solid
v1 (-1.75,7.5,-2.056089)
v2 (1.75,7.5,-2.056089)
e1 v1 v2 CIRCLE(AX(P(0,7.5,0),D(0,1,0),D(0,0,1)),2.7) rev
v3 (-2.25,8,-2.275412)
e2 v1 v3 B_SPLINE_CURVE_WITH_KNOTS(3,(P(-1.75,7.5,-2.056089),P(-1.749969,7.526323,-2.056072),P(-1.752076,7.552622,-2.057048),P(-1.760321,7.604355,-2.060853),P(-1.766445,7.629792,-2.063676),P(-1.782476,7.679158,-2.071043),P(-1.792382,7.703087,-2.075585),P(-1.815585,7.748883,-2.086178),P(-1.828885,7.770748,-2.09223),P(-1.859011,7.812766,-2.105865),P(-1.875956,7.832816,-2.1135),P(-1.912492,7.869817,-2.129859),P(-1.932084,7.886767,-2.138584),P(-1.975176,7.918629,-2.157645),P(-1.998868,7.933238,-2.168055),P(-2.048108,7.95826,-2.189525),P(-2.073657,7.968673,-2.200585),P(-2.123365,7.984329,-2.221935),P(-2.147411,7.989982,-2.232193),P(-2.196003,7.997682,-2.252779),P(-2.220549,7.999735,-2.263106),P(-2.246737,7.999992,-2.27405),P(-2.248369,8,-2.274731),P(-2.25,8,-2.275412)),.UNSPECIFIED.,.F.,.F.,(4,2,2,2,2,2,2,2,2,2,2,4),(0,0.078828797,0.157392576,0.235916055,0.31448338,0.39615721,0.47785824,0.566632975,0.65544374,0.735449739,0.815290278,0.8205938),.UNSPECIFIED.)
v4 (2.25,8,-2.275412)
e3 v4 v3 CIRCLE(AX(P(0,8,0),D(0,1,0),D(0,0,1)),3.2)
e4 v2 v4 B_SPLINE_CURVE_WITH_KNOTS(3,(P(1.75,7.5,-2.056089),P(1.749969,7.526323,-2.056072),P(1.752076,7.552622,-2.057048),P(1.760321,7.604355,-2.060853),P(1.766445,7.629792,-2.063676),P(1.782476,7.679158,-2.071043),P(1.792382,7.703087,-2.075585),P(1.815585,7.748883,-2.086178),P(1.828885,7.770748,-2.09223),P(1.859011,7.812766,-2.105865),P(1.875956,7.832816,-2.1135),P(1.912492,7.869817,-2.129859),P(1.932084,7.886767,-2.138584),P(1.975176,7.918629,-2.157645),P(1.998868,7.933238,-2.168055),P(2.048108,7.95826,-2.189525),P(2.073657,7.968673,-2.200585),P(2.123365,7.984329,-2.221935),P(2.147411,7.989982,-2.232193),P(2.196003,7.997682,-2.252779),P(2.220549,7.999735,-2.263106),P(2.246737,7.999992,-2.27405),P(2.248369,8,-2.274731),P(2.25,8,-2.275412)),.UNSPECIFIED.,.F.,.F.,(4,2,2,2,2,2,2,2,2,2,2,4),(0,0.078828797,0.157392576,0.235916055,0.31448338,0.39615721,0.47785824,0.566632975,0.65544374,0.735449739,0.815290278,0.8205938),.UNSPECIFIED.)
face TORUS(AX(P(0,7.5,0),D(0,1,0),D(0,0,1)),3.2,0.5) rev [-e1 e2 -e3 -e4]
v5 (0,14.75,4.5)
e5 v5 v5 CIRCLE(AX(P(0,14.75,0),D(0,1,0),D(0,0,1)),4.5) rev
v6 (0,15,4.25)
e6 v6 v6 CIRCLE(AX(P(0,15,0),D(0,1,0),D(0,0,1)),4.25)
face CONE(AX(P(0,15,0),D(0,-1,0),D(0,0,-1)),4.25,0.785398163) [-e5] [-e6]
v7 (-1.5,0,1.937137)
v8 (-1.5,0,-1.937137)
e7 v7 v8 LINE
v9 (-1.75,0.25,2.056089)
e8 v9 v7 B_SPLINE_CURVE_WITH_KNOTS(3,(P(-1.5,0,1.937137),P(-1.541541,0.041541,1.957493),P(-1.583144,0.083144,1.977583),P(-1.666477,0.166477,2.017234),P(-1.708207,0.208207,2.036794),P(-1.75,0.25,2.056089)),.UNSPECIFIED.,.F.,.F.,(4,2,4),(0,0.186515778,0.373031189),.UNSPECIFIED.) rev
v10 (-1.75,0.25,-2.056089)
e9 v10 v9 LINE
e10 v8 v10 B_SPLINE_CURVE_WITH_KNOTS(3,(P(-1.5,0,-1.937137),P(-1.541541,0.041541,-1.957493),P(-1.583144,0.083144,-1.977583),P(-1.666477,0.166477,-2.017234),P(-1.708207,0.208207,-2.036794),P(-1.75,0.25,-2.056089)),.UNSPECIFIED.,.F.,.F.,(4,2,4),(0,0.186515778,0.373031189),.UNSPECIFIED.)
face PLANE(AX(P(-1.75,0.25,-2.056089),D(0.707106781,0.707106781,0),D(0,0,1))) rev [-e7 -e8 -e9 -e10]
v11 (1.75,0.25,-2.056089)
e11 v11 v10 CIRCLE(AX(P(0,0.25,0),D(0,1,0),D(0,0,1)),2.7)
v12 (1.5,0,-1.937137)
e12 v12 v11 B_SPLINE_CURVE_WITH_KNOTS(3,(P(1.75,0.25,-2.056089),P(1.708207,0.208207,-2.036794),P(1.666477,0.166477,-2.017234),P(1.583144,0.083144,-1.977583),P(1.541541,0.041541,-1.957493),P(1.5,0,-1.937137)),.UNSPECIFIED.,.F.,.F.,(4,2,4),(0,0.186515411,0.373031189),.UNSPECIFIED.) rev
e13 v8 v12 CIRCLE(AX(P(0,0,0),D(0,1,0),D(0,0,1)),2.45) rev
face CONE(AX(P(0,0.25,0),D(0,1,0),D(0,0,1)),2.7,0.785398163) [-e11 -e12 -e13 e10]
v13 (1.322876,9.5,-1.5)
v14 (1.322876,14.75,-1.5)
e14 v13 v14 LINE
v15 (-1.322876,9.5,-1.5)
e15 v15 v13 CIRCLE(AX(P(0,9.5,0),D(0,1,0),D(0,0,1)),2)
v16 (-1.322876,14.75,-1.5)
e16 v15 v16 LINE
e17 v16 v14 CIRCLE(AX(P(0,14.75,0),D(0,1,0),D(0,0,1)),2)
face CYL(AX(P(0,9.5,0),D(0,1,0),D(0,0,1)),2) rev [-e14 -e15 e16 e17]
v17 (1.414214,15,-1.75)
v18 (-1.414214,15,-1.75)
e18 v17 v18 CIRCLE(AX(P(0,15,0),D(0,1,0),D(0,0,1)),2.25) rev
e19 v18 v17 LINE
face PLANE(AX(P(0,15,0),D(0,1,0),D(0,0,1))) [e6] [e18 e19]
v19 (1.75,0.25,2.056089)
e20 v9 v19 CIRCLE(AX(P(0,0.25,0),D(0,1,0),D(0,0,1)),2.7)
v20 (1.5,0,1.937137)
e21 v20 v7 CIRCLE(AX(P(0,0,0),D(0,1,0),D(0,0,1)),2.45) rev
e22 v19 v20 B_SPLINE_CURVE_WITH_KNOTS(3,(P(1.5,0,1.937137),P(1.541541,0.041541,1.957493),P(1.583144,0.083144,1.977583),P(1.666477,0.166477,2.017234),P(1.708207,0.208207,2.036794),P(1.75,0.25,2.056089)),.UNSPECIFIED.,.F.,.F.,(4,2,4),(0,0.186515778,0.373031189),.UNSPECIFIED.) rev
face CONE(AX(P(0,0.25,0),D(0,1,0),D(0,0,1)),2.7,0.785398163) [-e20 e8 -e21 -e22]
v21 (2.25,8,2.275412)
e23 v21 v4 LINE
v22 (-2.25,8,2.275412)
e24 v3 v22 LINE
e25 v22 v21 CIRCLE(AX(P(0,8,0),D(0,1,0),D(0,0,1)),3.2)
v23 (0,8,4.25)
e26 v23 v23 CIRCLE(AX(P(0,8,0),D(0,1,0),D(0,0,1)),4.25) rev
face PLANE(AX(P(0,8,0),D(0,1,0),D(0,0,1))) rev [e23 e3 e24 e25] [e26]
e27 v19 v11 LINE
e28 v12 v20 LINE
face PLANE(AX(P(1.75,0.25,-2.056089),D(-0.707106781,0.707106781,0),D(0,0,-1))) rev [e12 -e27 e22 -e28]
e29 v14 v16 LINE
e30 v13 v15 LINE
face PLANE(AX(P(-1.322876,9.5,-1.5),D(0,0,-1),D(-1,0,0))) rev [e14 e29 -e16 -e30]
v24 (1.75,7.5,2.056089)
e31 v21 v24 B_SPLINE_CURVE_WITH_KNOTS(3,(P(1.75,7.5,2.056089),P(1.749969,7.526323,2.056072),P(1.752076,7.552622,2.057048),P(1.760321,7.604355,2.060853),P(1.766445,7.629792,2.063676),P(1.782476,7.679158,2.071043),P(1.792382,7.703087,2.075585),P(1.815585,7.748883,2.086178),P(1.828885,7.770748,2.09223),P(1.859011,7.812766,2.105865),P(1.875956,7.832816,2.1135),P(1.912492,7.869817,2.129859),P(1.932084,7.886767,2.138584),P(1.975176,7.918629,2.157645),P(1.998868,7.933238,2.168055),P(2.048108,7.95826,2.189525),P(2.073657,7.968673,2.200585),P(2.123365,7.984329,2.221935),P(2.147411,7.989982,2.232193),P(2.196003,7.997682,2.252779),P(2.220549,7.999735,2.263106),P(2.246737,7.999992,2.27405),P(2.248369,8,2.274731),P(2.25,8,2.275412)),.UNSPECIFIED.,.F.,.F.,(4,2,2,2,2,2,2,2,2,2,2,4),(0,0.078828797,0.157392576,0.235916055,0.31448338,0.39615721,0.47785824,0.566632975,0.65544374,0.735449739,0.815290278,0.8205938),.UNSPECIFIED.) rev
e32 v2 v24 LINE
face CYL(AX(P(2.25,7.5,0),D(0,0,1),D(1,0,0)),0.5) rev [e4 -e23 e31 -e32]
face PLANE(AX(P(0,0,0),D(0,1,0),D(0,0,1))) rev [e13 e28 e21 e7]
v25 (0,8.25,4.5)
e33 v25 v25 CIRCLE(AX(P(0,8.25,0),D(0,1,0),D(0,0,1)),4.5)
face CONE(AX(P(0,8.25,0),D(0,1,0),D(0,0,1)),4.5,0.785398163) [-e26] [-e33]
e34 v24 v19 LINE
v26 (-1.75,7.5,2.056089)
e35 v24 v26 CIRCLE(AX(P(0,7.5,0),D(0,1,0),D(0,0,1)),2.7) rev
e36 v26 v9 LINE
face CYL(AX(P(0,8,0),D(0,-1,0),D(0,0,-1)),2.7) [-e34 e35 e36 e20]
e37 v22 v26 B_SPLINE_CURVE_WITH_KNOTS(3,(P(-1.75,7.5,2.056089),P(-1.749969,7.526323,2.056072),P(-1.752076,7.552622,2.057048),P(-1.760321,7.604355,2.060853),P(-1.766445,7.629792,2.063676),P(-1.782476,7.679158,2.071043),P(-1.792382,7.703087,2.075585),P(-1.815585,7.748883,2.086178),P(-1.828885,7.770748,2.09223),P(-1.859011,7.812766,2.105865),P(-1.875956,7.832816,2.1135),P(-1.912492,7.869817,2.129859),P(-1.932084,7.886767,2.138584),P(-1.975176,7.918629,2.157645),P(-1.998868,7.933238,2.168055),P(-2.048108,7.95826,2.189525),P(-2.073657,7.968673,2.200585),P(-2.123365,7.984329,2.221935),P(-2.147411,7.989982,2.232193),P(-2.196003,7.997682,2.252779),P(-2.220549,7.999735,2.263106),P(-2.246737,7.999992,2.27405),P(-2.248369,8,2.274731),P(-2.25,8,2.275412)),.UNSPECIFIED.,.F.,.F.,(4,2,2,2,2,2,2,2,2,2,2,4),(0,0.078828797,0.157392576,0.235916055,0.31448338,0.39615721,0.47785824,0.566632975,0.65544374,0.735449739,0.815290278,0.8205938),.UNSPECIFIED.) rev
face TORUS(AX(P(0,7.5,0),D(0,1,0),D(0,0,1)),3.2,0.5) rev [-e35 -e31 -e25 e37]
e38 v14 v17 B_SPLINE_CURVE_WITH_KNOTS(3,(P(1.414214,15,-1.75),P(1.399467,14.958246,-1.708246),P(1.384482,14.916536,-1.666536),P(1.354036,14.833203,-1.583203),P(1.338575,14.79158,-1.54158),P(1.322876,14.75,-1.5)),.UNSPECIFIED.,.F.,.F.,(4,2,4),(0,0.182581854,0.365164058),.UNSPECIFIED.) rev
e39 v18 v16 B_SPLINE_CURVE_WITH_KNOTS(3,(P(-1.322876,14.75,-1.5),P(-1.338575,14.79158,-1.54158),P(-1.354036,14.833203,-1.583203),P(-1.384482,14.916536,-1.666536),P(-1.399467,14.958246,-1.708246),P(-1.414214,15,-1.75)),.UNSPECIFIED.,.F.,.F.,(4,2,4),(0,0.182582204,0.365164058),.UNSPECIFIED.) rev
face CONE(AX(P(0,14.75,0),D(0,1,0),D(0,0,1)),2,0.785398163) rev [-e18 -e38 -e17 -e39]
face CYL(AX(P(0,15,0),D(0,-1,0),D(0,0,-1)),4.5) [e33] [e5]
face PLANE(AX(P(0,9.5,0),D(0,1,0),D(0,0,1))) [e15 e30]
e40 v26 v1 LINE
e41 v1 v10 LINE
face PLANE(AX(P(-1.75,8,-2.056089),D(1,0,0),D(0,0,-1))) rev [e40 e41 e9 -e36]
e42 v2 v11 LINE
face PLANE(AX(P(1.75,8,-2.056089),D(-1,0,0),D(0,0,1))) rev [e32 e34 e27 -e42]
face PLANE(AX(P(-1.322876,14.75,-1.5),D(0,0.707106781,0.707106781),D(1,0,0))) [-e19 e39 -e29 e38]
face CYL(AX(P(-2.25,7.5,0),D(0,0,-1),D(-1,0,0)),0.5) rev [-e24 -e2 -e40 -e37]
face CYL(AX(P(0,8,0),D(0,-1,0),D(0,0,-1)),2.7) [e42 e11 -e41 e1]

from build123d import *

# Parameters (mm, degrees)
BOSS_EXTRUDE1_DEPTH = 8
SKETCH2_R           = 4.5
BOSS_EXTRUDE2_DEPTH = 7
CUT_EXTRUDE1_DEPTH  = 5.5
FILLET1_R           = 0.5
CHAMFER1_SIZE       = 0.25


with BuildPart() as part:
    # Sketch1 → Boss-Extrude1 (new body)
    with BuildSketch(Plane(origin=(0, 0, 0), x_dir=(1, 0, 0), z_dir=(0, 1, 0))):
        with BuildLine():
            Line((-1.75, 2.056088519), (-1.75, -2.056088519))
            ThreePointArc((-1.75, -2.056088519), (0, -2.7), (1.75, -2.056088519))
            Line((1.75, -2.056088519), (1.75, 2.056088519))
            ThreePointArc((1.75, 2.056088519), (0, 2.7), (-1.75, 2.056088519))
        make_face()
    extrude(amount=BOSS_EXTRUDE1_DEPTH)

    # Sketch2 → Boss-Extrude2 (add)
    with BuildSketch(Plane(origin=(0, 8, 0), x_dir=(1, 0, 0), z_dir=(0, 1, 0))):
        Circle(SKETCH2_R)
    extrude(amount=BOSS_EXTRUDE2_DEPTH)

    # Sketch3 → Cut-Extrude1 (cut)
    with BuildSketch(Plane(origin=(0, 15, 0), x_dir=(1, 0, 0), z_dir=(0, 1, 0))):
        with BuildLine():
            Line((-1.322875656, 1.5), (1.322875656, 1.5))
            ThreePointArc((1.322875656, 1.5), (0, -2), (-1.322875656, 1.5))
        make_face()
    extrude(amount=-CUT_EXTRUDE1_DEPTH, mode=Mode.SUBTRACT)

    # Fillet1
    fillet1_edges = [part.edges().sort_by_distance(p)[0] for p in [
        (0, 8, 2.7),
        (1.75, 8, 0),
        (0, 8, -2.7),
        (-1.75, 8, 0),
    ]]
    fillet(fillet1_edges, radius=FILLET1_R)

    # Chamfer1
    chamfer1_edges = [part.edges().sort_by_distance(p)[0] for p in [
        (-4.5, 8, 0),
        (-4.5, 15, 0),
        (0, 15, 2),
        (0, 15, -1.5),
        (1.75, 0, 0),
        (0, 0, 2.7),
        (-1.75, 0, 0),
        (0, 0, -2.7),
    ]]
    chamfer(chamfer1_edges, length=CHAMFER1_SIZE)


solid = part.part
